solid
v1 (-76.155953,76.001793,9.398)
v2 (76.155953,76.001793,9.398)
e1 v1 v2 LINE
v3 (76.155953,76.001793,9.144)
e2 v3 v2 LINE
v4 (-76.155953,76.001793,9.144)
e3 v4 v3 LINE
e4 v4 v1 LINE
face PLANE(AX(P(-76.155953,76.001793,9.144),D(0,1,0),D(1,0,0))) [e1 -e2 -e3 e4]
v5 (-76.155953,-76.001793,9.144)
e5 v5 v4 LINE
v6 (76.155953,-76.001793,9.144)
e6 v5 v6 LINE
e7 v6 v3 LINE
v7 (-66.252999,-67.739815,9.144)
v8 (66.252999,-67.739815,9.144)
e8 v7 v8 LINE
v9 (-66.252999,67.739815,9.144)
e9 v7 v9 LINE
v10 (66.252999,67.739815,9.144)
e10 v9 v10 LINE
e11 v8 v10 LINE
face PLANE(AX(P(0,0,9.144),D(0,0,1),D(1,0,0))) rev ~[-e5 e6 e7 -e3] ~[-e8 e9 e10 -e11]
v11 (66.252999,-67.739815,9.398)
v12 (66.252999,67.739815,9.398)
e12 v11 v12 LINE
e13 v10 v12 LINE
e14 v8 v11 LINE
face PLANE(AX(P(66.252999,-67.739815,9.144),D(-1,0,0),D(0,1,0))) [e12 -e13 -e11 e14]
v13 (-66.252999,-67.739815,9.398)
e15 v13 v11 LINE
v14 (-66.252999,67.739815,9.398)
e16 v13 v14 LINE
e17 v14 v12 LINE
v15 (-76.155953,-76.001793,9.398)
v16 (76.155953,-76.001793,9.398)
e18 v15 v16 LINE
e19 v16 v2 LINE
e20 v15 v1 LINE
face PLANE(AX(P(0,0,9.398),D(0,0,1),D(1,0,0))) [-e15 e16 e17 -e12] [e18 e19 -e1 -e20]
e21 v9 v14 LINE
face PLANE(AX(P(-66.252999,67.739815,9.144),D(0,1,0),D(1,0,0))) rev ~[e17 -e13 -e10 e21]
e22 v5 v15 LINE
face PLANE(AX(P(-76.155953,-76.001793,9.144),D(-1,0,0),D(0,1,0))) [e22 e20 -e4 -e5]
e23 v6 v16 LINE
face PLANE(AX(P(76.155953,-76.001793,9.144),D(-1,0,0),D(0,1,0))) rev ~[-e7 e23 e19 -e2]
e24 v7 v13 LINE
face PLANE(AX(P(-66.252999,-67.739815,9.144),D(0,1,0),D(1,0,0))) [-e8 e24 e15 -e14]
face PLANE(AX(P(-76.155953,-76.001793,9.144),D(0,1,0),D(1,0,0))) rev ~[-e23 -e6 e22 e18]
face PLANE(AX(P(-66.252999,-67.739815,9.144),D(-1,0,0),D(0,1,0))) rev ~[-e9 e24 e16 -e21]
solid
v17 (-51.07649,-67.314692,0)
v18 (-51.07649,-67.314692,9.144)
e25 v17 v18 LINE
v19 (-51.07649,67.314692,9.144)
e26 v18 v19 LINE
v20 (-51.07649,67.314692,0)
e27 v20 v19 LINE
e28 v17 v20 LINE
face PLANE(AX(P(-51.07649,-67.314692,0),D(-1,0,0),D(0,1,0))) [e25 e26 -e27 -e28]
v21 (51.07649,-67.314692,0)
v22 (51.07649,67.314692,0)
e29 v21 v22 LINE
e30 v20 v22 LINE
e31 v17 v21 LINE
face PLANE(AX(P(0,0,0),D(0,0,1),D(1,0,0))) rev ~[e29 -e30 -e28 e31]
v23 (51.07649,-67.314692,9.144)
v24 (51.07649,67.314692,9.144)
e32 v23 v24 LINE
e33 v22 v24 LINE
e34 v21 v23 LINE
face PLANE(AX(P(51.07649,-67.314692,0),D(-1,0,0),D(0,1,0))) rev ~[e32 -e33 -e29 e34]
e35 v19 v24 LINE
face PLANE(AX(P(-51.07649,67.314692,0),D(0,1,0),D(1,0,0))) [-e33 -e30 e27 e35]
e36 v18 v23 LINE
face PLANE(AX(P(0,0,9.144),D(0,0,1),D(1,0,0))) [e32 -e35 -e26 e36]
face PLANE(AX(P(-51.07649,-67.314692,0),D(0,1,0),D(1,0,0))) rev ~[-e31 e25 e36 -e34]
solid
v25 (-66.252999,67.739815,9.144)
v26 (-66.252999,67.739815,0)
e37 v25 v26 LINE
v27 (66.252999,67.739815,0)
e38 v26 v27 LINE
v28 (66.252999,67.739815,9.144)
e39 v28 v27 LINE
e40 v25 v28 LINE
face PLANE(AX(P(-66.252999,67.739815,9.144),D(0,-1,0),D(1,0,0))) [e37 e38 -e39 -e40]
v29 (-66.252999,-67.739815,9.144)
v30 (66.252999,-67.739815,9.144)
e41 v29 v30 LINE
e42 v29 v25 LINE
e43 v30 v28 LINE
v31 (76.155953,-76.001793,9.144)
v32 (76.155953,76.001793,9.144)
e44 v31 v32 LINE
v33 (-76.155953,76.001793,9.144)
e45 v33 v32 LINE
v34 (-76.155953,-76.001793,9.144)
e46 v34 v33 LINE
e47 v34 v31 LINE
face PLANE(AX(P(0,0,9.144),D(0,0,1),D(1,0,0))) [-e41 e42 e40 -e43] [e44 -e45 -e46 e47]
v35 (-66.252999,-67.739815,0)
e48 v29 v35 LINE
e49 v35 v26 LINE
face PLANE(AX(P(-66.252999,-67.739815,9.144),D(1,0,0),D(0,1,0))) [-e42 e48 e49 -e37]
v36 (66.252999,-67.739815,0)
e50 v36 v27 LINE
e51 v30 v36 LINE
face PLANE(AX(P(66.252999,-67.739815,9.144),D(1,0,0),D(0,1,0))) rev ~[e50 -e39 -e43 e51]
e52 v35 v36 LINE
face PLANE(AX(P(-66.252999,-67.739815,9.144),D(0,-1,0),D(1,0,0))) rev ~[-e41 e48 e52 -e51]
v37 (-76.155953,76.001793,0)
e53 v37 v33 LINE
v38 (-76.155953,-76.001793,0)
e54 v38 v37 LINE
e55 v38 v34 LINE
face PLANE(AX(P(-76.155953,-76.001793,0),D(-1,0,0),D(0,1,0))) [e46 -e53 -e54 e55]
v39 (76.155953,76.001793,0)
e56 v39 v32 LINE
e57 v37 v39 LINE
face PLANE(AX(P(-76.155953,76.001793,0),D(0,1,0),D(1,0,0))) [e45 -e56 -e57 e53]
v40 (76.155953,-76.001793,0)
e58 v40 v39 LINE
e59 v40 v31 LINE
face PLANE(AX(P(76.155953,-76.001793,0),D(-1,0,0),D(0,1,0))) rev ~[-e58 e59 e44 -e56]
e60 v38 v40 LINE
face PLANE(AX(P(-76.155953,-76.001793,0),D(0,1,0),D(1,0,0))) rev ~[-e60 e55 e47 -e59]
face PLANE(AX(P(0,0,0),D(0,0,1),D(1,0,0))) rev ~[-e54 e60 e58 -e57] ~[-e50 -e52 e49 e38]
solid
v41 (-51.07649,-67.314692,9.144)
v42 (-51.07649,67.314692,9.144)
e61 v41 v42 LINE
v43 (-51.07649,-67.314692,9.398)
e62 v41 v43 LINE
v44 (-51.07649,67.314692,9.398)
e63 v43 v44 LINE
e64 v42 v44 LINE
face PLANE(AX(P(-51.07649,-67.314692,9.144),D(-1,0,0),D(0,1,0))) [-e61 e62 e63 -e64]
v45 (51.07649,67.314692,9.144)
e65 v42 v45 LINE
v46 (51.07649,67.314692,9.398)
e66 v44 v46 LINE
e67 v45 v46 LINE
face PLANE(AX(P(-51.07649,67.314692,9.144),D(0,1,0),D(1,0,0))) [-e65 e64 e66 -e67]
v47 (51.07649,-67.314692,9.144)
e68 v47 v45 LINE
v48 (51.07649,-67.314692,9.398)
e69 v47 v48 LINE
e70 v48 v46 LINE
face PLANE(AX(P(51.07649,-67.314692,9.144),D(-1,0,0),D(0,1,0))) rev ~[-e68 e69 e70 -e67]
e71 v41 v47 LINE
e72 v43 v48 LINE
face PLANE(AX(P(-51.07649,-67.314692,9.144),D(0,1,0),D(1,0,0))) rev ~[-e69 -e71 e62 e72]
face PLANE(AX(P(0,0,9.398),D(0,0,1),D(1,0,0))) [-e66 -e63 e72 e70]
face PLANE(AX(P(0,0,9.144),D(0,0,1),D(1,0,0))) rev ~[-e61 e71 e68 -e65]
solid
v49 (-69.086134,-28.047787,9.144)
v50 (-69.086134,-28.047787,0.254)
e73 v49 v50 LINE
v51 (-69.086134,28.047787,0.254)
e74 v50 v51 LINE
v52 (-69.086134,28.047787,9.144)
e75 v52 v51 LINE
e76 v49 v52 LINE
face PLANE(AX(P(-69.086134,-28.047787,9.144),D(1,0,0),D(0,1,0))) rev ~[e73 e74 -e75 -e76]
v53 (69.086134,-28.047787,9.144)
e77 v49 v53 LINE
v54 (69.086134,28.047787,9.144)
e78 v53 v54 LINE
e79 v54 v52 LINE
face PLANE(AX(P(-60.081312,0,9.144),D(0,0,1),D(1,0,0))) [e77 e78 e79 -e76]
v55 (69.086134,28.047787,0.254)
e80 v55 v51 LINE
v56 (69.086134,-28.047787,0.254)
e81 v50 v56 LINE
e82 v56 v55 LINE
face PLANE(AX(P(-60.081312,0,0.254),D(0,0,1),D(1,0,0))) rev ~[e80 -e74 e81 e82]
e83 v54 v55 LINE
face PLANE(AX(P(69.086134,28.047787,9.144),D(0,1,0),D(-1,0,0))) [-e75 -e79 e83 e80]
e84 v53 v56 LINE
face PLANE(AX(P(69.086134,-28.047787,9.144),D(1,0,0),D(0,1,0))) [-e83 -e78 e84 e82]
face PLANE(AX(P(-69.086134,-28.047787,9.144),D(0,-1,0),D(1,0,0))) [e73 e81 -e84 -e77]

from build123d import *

# Parameters (mm, degrees)
F0_W     = 152.3119062185
F0_H     = 152.0035862923
F1_DEPTH = 9.144
F2_W     = 132.5059980154
F2_H     = 135.4796290398
F3_DEPTH = 25.4
F4_W     = 102.152980864
F4_H     = 134.6293836832
F5_DEPTH = 9.144
F6_W     = 18.0096440017
F6_H     = 56.0955740511
F6_W_2   = 102.152980864
F7_DEPTH = 8.89
F8_DEPTH = 0.254
F9_DEPTH = 0.254


with BuildPart() as f1:
    # F0 (on Top) → F1 (new body)
    with BuildSketch(Plane.XY):
        Rectangle(F0_W, F0_H)
    extrude(amount=F1_DEPTH)

    # F2 (on face) → F3 (cut)
    with BuildSketch(Plane.XY.offset(9.144)):
        Rectangle(F2_W, F2_H)
    extrude(amount=-F3_DEPTH, mode=Mode.SUBTRACT)


with BuildPart() as f5:
    # F4 (on Top) → F5 (new body)
    with BuildSketch(Plane.XY):
        Rectangle(F4_W, F4_H)
    extrude(amount=F5_DEPTH)


with BuildPart() as f7:
    # F6 (on face) → F7 (new body)
    with BuildSketch(Plane.XY.offset(9.144)):
        with Locations((-60.0813124329, 0)):
            Rectangle(F6_W, F6_H)
        with Locations((60.0813124329, 0)):
            Rectangle(F6_W, F6_H)
        Rectangle(F6_W_2, F6_H)
    extrude(amount=-F7_DEPTH)


with BuildPart() as f8:
    # F8 (new): a face of the model
    f8_faces = [f1.part.faces().sort_by_distance(p)[0] for p in [
        (74.0041165211, 0, 9.144),
    ]]
    extrude(f8_faces, amount=F8_DEPTH)


with BuildPart() as f9:
    # F9 (new): a face of the model
    f9_faces = [f5.part.faces().sort_by_distance(p)[0] for p in [
        (0, 0, 9.144),
    ]]
    extrude(f9_faces, amount=F9_DEPTH)


solid = Compound([f1.part, f5.part, f7.part, f8.part, f9.part])
